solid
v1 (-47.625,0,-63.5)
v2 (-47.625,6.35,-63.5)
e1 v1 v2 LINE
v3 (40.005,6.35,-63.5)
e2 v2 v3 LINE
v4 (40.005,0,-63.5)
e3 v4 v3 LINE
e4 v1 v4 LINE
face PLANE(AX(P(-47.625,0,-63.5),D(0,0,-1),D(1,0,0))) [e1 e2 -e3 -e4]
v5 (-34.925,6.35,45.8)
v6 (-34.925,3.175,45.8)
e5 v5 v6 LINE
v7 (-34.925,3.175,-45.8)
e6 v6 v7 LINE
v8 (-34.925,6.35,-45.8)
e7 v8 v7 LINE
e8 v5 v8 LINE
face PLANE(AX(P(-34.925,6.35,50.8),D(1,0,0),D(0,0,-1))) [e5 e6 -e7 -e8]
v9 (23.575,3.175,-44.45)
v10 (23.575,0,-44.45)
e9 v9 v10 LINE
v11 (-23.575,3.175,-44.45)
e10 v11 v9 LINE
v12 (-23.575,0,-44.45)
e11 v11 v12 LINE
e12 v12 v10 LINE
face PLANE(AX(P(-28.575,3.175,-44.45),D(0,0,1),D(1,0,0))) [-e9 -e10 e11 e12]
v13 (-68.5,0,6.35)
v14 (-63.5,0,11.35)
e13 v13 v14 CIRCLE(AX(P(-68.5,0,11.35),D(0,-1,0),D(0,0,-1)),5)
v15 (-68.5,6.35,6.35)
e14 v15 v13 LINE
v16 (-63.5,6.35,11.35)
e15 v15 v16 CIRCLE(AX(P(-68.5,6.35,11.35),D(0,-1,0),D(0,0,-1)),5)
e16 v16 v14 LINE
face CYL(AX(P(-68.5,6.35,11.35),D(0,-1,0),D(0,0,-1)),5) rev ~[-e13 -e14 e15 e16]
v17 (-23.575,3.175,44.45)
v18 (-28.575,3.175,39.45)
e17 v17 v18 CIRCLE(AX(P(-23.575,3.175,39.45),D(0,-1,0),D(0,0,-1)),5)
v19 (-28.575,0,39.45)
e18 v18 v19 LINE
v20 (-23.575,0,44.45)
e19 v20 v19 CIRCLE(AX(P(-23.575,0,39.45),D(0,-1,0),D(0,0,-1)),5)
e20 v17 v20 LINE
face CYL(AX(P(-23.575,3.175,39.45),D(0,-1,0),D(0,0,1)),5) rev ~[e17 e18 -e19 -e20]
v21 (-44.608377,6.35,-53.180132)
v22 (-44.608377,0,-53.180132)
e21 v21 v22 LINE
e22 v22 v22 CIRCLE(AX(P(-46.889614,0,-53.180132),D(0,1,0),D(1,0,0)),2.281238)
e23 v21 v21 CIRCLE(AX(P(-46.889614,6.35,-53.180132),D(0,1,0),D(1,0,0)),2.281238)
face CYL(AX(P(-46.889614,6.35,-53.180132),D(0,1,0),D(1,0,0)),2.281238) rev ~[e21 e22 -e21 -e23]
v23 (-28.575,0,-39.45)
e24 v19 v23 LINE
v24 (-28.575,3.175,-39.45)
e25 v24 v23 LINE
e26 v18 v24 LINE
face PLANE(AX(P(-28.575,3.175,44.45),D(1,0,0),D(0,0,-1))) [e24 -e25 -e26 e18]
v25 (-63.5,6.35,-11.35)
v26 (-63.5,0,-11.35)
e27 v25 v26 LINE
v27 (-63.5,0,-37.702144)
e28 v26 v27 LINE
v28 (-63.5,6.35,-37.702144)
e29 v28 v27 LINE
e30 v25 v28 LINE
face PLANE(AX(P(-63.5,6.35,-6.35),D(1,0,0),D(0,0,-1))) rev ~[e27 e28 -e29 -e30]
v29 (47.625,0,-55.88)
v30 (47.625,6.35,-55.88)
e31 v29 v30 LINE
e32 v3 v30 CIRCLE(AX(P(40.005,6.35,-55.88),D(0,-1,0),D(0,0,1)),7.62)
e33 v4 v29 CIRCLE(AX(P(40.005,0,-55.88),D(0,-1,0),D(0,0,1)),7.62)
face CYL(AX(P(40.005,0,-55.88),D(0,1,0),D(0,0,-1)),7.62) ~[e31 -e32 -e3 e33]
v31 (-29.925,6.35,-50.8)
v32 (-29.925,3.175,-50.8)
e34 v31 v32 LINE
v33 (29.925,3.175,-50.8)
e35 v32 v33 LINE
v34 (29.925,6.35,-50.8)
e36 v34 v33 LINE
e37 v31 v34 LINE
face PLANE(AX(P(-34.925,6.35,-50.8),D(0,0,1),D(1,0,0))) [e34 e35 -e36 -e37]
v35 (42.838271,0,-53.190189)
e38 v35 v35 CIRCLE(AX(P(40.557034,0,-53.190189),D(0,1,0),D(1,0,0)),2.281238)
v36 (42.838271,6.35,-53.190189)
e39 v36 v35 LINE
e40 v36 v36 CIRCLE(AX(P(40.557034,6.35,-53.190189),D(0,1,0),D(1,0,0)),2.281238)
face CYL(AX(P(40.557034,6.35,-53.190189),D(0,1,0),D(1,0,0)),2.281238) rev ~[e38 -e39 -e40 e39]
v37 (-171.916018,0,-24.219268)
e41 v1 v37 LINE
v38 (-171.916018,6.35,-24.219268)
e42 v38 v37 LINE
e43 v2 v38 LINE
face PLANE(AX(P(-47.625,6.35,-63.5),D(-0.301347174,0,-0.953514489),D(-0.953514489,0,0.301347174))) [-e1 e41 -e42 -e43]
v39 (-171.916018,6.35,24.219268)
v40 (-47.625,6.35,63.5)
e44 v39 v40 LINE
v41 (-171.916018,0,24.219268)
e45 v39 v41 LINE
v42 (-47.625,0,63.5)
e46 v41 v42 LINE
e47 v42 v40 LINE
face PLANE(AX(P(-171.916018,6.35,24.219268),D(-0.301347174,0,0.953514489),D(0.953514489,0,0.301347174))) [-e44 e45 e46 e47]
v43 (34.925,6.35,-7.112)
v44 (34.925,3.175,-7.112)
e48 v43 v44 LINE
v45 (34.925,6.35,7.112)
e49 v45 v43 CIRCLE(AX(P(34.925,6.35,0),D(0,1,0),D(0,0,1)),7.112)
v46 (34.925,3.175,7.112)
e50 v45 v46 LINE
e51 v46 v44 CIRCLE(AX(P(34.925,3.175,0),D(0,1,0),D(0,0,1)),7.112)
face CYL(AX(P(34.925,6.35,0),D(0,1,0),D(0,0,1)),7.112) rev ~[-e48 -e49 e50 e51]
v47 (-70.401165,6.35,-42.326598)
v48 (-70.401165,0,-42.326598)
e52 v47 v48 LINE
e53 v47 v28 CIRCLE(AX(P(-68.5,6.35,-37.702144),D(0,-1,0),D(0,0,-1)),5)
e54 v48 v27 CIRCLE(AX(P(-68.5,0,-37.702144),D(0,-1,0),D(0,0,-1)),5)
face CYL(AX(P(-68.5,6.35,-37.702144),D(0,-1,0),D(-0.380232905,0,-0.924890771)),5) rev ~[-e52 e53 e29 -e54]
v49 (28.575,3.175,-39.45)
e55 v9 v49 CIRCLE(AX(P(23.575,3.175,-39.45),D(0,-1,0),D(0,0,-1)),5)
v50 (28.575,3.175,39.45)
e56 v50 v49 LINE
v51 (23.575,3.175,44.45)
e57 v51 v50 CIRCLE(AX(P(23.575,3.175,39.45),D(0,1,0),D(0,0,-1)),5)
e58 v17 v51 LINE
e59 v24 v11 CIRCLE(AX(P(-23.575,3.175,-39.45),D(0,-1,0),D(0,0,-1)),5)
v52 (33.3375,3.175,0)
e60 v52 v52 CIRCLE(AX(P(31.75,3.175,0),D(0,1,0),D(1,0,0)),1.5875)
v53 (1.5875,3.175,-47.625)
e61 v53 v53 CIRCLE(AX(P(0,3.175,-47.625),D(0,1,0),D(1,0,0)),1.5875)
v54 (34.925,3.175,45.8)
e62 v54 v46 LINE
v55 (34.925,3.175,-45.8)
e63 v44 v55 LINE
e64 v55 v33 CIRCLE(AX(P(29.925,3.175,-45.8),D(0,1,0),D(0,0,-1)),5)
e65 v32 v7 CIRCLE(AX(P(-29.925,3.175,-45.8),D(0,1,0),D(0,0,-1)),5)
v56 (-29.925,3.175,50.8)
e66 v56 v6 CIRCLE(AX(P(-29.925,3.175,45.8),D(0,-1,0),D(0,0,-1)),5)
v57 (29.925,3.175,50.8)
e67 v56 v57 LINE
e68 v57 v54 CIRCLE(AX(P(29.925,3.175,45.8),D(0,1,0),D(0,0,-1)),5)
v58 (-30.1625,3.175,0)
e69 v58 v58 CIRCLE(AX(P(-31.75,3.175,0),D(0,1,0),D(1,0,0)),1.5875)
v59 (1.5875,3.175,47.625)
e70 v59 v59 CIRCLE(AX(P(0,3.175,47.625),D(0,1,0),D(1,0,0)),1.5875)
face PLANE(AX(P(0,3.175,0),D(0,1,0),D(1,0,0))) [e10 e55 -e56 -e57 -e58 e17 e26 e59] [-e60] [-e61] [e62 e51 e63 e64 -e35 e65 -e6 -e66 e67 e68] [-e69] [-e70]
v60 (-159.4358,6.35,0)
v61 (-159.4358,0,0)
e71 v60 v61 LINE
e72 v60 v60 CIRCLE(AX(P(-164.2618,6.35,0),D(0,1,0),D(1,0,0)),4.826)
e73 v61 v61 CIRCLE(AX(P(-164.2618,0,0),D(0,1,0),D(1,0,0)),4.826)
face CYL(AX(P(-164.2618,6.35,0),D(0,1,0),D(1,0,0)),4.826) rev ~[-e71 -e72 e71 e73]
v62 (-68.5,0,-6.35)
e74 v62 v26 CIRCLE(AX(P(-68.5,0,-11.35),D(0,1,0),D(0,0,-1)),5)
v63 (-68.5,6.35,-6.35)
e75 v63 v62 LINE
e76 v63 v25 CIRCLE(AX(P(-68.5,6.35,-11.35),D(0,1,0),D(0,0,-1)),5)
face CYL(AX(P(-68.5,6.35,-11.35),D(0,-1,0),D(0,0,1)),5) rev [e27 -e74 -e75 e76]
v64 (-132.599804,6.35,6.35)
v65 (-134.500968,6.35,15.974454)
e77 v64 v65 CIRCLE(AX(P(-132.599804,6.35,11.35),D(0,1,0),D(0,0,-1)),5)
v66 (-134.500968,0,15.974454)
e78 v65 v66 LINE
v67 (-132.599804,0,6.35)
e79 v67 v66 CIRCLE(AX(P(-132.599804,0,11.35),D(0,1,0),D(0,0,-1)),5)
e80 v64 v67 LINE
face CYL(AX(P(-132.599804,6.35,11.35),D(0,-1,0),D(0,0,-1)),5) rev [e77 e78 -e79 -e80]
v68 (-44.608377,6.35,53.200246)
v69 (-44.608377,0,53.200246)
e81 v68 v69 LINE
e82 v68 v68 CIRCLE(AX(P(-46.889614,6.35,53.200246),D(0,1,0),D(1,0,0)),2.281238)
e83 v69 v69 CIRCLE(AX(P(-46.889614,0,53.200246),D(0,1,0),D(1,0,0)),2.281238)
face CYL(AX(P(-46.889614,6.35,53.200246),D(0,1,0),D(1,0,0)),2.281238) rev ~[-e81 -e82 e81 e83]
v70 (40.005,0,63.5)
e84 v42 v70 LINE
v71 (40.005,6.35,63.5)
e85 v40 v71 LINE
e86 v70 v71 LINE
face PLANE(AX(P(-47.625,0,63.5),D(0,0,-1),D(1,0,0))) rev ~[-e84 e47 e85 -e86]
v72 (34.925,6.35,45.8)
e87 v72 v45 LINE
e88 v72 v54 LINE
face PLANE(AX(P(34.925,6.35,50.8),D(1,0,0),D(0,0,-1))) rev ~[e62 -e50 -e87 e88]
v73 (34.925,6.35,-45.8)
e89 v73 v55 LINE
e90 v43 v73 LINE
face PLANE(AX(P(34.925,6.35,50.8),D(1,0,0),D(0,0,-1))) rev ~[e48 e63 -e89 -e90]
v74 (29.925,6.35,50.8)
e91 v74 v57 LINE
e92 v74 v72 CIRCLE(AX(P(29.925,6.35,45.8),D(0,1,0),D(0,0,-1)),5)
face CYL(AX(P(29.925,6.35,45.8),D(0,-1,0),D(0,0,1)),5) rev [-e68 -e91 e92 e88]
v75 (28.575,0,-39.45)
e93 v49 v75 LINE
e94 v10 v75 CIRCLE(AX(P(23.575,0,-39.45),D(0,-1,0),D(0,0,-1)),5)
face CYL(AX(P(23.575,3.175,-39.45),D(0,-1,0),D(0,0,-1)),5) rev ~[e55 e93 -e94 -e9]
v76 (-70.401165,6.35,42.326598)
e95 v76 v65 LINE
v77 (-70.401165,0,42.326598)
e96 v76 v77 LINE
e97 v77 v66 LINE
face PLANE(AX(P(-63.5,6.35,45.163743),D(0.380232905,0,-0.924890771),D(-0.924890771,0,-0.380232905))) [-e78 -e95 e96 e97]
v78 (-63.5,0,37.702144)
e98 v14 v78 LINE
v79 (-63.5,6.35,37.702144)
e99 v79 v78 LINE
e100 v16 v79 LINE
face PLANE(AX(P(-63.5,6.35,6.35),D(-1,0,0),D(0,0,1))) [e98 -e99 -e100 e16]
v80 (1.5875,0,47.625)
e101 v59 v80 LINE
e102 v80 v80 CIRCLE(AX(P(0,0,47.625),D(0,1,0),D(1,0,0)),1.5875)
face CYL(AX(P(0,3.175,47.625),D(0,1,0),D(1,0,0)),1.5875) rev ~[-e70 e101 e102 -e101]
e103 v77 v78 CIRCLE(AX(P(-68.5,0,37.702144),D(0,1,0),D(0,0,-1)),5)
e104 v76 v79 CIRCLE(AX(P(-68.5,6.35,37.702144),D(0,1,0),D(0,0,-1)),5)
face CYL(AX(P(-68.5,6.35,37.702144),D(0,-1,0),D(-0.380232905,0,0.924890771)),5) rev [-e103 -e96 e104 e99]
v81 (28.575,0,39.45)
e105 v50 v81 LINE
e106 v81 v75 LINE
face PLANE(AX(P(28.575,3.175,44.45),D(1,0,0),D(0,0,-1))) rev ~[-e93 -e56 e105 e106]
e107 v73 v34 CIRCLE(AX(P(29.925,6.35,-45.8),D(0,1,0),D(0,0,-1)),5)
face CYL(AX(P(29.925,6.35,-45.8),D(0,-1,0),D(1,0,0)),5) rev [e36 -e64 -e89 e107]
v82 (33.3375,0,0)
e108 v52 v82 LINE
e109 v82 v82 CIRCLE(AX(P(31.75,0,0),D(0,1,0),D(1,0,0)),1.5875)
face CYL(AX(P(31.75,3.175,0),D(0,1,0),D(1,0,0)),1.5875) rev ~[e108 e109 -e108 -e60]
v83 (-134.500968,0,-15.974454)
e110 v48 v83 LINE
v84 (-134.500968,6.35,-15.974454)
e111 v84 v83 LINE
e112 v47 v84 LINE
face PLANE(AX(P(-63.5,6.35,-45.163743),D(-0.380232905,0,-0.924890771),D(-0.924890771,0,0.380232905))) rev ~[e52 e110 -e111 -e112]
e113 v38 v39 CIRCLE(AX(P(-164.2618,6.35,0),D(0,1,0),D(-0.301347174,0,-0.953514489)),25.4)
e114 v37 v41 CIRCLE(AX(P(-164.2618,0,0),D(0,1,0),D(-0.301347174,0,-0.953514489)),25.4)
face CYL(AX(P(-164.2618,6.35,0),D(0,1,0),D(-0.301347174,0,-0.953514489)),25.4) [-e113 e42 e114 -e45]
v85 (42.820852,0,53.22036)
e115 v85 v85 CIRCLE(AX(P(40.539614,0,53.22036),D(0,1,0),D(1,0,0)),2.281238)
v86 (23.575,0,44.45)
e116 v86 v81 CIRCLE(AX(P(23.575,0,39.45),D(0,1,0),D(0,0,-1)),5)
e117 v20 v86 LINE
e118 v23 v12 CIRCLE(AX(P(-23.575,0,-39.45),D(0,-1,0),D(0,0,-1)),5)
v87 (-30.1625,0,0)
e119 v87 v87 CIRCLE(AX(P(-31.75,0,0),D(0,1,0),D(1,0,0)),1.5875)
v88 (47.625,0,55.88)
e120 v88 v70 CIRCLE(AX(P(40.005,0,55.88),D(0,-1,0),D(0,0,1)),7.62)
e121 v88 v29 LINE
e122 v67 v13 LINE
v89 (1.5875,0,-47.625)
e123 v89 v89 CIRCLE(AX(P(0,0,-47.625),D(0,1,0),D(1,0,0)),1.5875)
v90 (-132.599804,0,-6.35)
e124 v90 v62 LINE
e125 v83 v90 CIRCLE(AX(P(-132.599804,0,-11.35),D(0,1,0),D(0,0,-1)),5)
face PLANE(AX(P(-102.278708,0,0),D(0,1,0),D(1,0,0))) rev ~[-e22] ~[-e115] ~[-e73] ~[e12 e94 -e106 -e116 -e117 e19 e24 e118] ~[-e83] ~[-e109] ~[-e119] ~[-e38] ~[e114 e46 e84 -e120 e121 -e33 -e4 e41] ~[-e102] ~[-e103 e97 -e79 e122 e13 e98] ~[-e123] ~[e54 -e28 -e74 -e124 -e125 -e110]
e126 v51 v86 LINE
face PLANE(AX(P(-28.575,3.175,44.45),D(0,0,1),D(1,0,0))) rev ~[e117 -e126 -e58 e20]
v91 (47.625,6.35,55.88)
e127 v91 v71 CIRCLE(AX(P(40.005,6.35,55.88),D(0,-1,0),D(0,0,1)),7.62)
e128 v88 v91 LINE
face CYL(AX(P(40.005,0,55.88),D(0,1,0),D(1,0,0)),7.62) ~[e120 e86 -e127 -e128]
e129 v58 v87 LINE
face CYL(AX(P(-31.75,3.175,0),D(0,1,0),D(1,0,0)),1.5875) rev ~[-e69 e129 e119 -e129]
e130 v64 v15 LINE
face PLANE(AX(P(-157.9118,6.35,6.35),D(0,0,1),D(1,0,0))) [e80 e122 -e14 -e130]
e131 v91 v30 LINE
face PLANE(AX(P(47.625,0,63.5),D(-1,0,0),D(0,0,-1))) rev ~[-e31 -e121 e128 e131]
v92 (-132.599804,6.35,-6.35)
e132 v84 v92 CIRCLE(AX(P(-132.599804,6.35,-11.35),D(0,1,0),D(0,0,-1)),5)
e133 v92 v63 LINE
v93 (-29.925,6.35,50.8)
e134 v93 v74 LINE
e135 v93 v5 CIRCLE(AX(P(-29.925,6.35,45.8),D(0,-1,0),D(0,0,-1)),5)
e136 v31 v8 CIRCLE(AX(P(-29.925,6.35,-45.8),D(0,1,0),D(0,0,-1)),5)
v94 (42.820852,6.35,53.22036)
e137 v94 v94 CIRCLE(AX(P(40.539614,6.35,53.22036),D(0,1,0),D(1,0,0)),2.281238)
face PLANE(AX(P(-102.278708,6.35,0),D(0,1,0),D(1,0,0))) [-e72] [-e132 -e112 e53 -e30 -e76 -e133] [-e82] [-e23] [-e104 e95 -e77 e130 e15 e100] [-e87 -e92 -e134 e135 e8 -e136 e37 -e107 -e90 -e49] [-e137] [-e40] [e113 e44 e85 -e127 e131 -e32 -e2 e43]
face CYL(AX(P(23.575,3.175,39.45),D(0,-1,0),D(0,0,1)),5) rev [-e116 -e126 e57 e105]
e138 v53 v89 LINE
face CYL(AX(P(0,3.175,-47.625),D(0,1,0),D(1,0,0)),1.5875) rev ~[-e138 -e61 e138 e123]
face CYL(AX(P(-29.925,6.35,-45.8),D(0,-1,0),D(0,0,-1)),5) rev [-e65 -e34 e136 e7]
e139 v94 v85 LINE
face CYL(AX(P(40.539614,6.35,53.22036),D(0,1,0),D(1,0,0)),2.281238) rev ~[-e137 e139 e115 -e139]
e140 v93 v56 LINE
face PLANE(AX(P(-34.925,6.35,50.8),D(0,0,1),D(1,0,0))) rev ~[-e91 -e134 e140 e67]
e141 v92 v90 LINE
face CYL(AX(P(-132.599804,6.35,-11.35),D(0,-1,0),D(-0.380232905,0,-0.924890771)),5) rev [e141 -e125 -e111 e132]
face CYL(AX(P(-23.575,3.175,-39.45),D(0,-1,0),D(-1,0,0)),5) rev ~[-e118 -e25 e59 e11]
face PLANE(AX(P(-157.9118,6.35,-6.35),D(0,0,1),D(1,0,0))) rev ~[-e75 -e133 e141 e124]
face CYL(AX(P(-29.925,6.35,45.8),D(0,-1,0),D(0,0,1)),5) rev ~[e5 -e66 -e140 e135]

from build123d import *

# Parameters (mm, degrees)
SKETCH1_W           = 95.25
SKETCH1_H           = 127
BOSS_EXTRUDE1_DEPTH = 6.35
BOSS_EXTRUDE3_DEPTH = 6.35
SKETCH5_R           = 4.826
CUT_EXTRUDE1_DEPTH  = 7.35
CUT_EXTRUDE2_DEPTH  = 7.35
FILLET9_R           = 5
SKETCH7_R           = 5.453804141
BOSS_EXTRUDE4_DEPTH = 6.35
SKETCH8_W           = 69.85
SKETCH8_H           = 101.6
CUT_EXTRUDE3_DEPTH  = 3.175
SKETCH9_W           = 57.15
SKETCH9_H           = 88.9
CUT_EXTRUDE4_DEPTH  = 4.175
SKETCH11_R          = 1.5875
CUT_EXTRUDE6_DEPTH  = 4.175
CUT_EXTRUDE7_DEPTH  = 3.175
FILLET10_R          = 5
FILLET11_R          = 5
FILLET12_R          = 7.62
SKETCH13_R          = 2.2812375
CUT_EXTRUDE8_DEPTH  = 7.35


with BuildPart() as part:
    # Sketch1 → Boss-Extrude1 (new body)
    with BuildSketch(Plane(origin=(0, 0, 0), x_dir=(1, 0, 0), z_dir=(0, 1, 0))):
        Rectangle(SKETCH1_W, SKETCH1_H)
    extrude(amount=BOSS_EXTRUDE1_DEPTH)

    # Sketch4 → Boss-Extrude3 (add)
    with BuildSketch(Plane(origin=(0, 6.35, 0), x_dir=(1, 0, 0), z_dir=(0, 1, 0))):
        with BuildLine():
            Line((-47.625, 63.5), (-171.916018217, 24.219268021))
            ThreePointArc((-171.916018217, 24.219268021), (-189.6618, 0), (-171.916018217, -24.219268021))
            Line((-171.916018217, -24.219268021), (-47.625, -63.5))
            Line((-47.625, -63.5), (-47.625, 63.5))
        make_face()
    extrude(amount=-BOSS_EXTRUDE3_DEPTH)

    # Sketch5 → Cut-Extrude1 (cut, through all)
    with BuildSketch(Plane(origin=(0, 6.35, 0), x_dir=(1, 0, 0), z_dir=(0, 1, 0))):
        with Locations((-164.2618, 0)):
            Circle(SKETCH5_R)
        with Locations((-8.6868, 0)):
            Circle(SKETCH5_R)
    extrude(amount=-CUT_EXTRUDE1_DEPTH, mode=Mode.SUBTRACT)

    # Sketch6 → Cut-Extrude2 (cut, through all)
    with BuildSketch(Plane(origin=(0, 6.35, 0), x_dir=(1, 0, 0), z_dir=(0, 1, 0))):
        Polygon((-63.5, 45.163743355), (-157.9118, 6.35), (-63.5, 6.35), align=None)
        Polygon((-63.5, -6.35), (-63.5, -45.163743355), (-157.9118, -6.35), align=None)
    extrude(amount=-CUT_EXTRUDE2_DEPTH, mode=Mode.SUBTRACT)

    # Fillet9
    fillet9_edges = [part.edges().sort_by_distance(p)[0] for p in [
        (-63.5, 3.175, -45.163743355),
        (-63.5, 3.175, -6.35),
        (-157.9118, 3.175, -6.35),
        (-157.9118, 3.175, 6.35),
        (-63.5, 3.175, 6.35),
        (-63.5, 3.175, 45.163743355),
    ]]
    fillet(fillet9_edges, radius=FILLET9_R)

    # Sketch7 → Boss-Extrude4 (add)
    with BuildSketch(Plane(origin=(0, 6.35, 0), x_dir=(1, 0, 0), z_dir=(0, 1, 0))):
        with Locations((-8.6868, 0)):
            Circle(SKETCH7_R)
    extrude(amount=-BOSS_EXTRUDE4_DEPTH)

    # Sketch8 → Cut-Extrude3 (cut)
    with BuildSketch(Plane(origin=(0, 6.35, 0), x_dir=(1, 0, 0), z_dir=(0, 1, 0))):
        Rectangle(SKETCH8_W, SKETCH8_H)
    extrude(amount=-CUT_EXTRUDE3_DEPTH, mode=Mode.SUBTRACT)

    # Sketch9 → Cut-Extrude4 (cut, through all)
    with BuildSketch(Plane(origin=(0, 3.175, 0), x_dir=(1, 0, 0), z_dir=(0, 1, 0))):
        Rectangle(SKETCH9_W, SKETCH9_H)
    extrude(amount=-CUT_EXTRUDE4_DEPTH, mode=Mode.SUBTRACT)

    # Sketch11 → Cut-Extrude6 (cut, through all)
    with BuildSketch(Plane(origin=(0, 3.175, 0), x_dir=(1, 0, 0), z_dir=(0, 1, 0))):
        with Locations((-31.75, 0)):
            Circle(SKETCH11_R)
        with Locations((31.75, 0)):
            Circle(SKETCH11_R)
        with Locations((0, 47.625)):
            Circle(SKETCH11_R)
        with Locations((0, -47.625)):
            Circle(SKETCH11_R)
    extrude(amount=-CUT_EXTRUDE6_DEPTH, mode=Mode.SUBTRACT)

    # Sketch12 → Cut-Extrude7 (cut)
    with BuildSketch(Plane(origin=(0, 6.35, 0), x_dir=(1, 0, 0), z_dir=(0, 1, 0))):
        with BuildLine():
            Line((34.925, 7.112), (34.925, -7.112))
            ThreePointArc((34.925, -7.112), (42.037, 0), (34.925, 7.112))
        make_face()
    extrude(amount=-CUT_EXTRUDE7_DEPTH, mode=Mode.SUBTRACT)

    # Fillet10
    fillet10_edges = [part.edges().sort_by_distance(p)[0] for p in [
        (-34.925, 4.7625, -50.8),
        (34.925, 4.7625, -50.8),
        (34.925, 4.7625, 50.8),
        (-34.925, 4.7625, 50.8),
    ]]
    fillet(fillet10_edges, radius=FILLET10_R)

    # Fillet11
    fillet11_edges = [part.edges().sort_by_distance(p)[0] for p in [
        (-28.575, 1.5875, 44.45),
        (-28.575, 1.5875, -44.45),
        (28.575, 1.5875, -44.45),
        (28.575, 1.5875, 44.45),
    ]]
    fillet(fillet11_edges, radius=FILLET11_R)

    # Fillet12
    fillet12_edges = [part.edges().sort_by_distance(p)[0] for p in [
        (47.625, 3.175, 63.5),
        (47.625, 3.175, -63.5),
    ]]
    fillet(fillet12_edges, radius=FILLET12_R)

    # Sketch13 → Cut-Extrude8 (cut, through all)
    with BuildSketch(Plane(origin=(0, 6.35, 0), x_dir=(1, 0, 0), z_dir=(0, 1, 0))):
        with Locations((-46.889614099, 53.180131976)):
            Circle(SKETCH13_R)
        with Locations((-46.889614099, -53.200246229)):
            Circle(SKETCH13_R)
        with Locations((40.539614099, -53.220360481)):
            Circle(SKETCH13_R)
        with Locations((40.557033552, 53.190189103)):
            Circle(SKETCH13_R)
    extrude(amount=-CUT_EXTRUDE8_DEPTH, mode=Mode.SUBTRACT)


solid = part.part
